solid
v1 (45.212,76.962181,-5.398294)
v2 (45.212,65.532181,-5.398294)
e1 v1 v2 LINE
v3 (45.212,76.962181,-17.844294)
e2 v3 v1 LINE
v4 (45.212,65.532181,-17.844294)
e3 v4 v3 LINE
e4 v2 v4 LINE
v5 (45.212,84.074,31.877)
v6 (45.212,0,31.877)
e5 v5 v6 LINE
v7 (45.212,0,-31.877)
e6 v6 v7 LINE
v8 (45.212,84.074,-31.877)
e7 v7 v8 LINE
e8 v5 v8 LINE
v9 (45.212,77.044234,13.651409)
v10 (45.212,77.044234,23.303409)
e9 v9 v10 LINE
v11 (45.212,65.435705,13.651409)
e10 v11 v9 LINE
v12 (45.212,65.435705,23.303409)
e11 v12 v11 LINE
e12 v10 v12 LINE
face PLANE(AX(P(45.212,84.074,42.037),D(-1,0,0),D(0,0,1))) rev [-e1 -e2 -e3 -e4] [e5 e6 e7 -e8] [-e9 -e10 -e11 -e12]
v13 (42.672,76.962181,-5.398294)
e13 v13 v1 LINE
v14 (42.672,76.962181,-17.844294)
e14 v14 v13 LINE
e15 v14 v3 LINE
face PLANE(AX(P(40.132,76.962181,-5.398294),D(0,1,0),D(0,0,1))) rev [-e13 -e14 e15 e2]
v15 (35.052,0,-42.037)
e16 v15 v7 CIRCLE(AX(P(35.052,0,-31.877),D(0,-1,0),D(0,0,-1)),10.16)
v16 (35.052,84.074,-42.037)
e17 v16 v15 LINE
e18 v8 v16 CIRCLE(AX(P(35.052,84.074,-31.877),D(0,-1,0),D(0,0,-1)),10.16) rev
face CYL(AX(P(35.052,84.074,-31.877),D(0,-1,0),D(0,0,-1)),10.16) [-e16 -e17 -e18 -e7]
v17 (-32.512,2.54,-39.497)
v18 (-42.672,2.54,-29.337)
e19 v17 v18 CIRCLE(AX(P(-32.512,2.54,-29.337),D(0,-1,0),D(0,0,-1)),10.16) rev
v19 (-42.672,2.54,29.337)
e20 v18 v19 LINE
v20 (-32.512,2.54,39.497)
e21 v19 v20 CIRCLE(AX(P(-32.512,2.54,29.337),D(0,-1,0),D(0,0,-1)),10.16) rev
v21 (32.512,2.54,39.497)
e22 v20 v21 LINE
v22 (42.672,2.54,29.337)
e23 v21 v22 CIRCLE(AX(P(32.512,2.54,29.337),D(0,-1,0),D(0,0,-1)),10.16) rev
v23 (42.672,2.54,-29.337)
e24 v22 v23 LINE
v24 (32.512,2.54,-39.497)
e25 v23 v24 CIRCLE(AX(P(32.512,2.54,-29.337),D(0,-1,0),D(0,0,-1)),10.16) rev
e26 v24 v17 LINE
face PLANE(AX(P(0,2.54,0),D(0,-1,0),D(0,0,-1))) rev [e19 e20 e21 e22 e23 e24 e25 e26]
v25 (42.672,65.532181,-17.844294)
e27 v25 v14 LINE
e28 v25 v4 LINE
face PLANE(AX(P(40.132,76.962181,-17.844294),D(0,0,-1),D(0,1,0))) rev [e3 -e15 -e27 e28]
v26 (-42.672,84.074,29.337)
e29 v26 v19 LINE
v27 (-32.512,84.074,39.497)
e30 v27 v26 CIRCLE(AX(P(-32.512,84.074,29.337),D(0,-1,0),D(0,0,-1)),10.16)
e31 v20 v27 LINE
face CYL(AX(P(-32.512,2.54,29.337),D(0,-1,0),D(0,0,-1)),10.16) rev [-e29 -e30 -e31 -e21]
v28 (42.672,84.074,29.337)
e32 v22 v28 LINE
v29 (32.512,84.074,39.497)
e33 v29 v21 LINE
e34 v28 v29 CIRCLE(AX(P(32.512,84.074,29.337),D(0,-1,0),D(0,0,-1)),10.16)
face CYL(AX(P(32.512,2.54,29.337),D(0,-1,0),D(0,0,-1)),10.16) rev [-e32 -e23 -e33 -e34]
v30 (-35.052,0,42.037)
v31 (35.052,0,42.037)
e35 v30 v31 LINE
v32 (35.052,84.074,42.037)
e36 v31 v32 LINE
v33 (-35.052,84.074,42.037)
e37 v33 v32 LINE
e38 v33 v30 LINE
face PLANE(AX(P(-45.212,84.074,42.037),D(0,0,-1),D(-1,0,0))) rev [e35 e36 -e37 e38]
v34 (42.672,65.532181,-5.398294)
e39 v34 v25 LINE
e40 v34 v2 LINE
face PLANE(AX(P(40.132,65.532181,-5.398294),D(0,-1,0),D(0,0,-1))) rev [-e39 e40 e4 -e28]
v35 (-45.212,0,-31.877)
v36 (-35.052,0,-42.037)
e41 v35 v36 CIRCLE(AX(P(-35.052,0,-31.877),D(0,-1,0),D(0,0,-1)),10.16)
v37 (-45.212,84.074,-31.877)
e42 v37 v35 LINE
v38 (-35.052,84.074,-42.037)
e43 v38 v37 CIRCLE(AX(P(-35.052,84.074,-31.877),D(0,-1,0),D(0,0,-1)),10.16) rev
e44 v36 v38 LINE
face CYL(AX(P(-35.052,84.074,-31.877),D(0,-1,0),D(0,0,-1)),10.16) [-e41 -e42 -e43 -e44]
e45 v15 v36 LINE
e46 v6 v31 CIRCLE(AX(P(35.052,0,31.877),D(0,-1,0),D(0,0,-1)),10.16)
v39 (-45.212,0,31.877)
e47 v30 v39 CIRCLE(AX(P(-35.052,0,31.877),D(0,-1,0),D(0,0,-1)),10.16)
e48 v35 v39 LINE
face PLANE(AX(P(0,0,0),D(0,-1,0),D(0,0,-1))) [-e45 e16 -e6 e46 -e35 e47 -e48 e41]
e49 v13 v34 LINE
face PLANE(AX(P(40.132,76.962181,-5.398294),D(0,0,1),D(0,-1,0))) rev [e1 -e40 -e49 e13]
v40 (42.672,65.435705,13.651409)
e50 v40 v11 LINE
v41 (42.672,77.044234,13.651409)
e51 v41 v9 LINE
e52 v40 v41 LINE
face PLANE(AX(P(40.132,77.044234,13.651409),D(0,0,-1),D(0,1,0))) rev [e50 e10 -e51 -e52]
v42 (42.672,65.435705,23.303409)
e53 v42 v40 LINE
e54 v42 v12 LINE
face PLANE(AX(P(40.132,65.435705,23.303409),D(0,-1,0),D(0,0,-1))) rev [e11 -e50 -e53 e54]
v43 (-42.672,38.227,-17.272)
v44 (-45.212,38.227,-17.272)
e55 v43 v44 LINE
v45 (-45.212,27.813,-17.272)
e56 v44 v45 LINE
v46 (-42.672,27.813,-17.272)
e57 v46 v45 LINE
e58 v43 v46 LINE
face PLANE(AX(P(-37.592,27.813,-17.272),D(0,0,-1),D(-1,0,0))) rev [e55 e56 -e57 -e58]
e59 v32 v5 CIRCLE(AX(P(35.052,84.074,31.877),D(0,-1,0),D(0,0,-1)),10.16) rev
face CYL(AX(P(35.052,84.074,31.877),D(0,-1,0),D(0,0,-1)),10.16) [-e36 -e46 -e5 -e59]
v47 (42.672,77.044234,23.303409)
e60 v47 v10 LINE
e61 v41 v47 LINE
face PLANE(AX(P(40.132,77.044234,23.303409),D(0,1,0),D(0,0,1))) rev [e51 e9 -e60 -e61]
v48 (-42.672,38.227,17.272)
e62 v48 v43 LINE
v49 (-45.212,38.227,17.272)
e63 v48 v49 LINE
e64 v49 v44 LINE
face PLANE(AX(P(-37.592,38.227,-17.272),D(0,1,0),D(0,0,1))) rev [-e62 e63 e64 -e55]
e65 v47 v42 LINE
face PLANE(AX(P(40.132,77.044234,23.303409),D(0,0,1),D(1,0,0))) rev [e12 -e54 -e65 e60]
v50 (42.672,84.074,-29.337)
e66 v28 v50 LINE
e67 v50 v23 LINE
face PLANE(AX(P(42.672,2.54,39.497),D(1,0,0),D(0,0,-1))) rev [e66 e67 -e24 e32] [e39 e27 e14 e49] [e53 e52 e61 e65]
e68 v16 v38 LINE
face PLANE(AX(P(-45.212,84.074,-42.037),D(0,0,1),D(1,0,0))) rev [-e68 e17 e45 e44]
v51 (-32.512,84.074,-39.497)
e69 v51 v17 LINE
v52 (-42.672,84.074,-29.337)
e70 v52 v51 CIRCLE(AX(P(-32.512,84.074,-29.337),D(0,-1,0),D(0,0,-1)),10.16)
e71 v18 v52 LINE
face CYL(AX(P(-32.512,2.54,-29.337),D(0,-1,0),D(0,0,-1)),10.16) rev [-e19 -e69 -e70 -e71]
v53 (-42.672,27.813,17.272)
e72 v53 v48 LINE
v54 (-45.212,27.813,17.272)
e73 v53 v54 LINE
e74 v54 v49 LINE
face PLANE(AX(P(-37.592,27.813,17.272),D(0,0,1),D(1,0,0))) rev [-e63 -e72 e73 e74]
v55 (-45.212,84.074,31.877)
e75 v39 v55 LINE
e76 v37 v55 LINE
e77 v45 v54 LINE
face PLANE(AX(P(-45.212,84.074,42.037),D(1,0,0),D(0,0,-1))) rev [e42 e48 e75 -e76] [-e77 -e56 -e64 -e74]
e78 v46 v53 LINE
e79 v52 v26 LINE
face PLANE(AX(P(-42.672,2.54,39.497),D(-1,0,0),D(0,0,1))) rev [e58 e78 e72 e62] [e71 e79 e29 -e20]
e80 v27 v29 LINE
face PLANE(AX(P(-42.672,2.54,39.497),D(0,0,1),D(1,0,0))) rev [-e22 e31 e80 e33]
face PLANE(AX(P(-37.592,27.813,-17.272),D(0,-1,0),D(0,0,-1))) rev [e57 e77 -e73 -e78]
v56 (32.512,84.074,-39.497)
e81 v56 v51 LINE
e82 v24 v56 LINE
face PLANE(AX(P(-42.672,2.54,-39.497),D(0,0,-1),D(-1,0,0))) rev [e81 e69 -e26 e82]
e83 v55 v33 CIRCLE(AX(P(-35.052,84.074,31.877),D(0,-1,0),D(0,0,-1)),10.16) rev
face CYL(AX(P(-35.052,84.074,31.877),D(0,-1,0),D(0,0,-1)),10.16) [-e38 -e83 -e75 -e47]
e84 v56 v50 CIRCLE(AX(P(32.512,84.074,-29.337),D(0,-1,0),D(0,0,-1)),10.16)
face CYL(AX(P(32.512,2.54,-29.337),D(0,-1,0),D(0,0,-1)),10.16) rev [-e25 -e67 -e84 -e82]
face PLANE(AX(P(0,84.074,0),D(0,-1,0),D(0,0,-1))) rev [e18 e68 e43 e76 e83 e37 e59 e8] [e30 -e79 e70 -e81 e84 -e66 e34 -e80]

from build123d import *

# Parameters (mm, degrees)
SKETCH1_W           = 90.424
SKETCH1_H           = 84.074
BOSS_EXTRUDE1_DEPTH = 84.074
SKETCH3_W           = 85.344
SKETCH3_H           = 78.994
CUT_EXTRUDE1_DEPTH  = 81.534
SKETCH5_W           = 34.544
SKETCH5_H           = 10.414
CUT_EXTRUDE3_DEPTH  = 7.62
FILLET1_R           = 10.16
SKETCH6_W           = 9.652
SKETCH6_H           = 11.608529125
SKETCH6_W_2         = 12.446
SKETCH6_H_2         = 11.43
CUT_EXTRUDE4_DEPTH  = 5.08


with BuildPart() as part:
    # Sketch1 → Boss-Extrude1 (new body)
    with BuildSketch(Plane(origin=(0, 0, 0), x_dir=(1, 0, 0), z_dir=(0, 1, 0))):
        Rectangle(SKETCH1_W, SKETCH1_H)
    extrude(amount=BOSS_EXTRUDE1_DEPTH)

    # Sketch3 → Cut-Extrude1 (cut)
    with BuildSketch(Plane(origin=(0, 84.074, 0), x_dir=(1, 0, 0), z_dir=(0, 1, 0))):
        Rectangle(SKETCH3_W, SKETCH3_H)
    extrude(amount=-CUT_EXTRUDE1_DEPTH, mode=Mode.SUBTRACT)

    # Sketch5 → Cut-Extrude3 (cut)
    with BuildSketch(Plane.ZY.offset(45.212)):
        with Locations((0, 33.02)):
            Rectangle(SKETCH5_W, SKETCH5_H)
    extrude(amount=-CUT_EXTRUDE3_DEPTH, mode=Mode.SUBTRACT)

    # Fillet1
    fillet1_edges = [part.edges().sort_by_distance(p)[0] for p in [
        (42.672, 43.307, -39.497),
        (42.672, 43.307, 39.497),
        (-42.672, 43.307, 39.497),
        (-42.672, 43.307, -39.497),
        (45.212, 42.037, 42.037),
        (-45.212, 42.037, 42.037),
        (-45.212, 42.037, -42.037),
        (45.212, 42.037, -42.037),
    ]]
    fillet(fillet1_edges, radius=FILLET1_R)

    # Sketch6 → Cut-Extrude4 (cut)
    with BuildSketch(Plane(origin=(45.212, 0, 0), x_dir=(0, 0, -1), z_dir=(1, 0, 0))):
        with Locations((-18.477409208, 71.239969556)):
            Rectangle(SKETCH6_W, SKETCH6_H)
        with Locations((11.621294262, 71.24718083)):
            Rectangle(SKETCH6_W_2, SKETCH6_H_2)
    extrude(amount=-CUT_EXTRUDE4_DEPTH, mode=Mode.SUBTRACT)


solid = part.part
